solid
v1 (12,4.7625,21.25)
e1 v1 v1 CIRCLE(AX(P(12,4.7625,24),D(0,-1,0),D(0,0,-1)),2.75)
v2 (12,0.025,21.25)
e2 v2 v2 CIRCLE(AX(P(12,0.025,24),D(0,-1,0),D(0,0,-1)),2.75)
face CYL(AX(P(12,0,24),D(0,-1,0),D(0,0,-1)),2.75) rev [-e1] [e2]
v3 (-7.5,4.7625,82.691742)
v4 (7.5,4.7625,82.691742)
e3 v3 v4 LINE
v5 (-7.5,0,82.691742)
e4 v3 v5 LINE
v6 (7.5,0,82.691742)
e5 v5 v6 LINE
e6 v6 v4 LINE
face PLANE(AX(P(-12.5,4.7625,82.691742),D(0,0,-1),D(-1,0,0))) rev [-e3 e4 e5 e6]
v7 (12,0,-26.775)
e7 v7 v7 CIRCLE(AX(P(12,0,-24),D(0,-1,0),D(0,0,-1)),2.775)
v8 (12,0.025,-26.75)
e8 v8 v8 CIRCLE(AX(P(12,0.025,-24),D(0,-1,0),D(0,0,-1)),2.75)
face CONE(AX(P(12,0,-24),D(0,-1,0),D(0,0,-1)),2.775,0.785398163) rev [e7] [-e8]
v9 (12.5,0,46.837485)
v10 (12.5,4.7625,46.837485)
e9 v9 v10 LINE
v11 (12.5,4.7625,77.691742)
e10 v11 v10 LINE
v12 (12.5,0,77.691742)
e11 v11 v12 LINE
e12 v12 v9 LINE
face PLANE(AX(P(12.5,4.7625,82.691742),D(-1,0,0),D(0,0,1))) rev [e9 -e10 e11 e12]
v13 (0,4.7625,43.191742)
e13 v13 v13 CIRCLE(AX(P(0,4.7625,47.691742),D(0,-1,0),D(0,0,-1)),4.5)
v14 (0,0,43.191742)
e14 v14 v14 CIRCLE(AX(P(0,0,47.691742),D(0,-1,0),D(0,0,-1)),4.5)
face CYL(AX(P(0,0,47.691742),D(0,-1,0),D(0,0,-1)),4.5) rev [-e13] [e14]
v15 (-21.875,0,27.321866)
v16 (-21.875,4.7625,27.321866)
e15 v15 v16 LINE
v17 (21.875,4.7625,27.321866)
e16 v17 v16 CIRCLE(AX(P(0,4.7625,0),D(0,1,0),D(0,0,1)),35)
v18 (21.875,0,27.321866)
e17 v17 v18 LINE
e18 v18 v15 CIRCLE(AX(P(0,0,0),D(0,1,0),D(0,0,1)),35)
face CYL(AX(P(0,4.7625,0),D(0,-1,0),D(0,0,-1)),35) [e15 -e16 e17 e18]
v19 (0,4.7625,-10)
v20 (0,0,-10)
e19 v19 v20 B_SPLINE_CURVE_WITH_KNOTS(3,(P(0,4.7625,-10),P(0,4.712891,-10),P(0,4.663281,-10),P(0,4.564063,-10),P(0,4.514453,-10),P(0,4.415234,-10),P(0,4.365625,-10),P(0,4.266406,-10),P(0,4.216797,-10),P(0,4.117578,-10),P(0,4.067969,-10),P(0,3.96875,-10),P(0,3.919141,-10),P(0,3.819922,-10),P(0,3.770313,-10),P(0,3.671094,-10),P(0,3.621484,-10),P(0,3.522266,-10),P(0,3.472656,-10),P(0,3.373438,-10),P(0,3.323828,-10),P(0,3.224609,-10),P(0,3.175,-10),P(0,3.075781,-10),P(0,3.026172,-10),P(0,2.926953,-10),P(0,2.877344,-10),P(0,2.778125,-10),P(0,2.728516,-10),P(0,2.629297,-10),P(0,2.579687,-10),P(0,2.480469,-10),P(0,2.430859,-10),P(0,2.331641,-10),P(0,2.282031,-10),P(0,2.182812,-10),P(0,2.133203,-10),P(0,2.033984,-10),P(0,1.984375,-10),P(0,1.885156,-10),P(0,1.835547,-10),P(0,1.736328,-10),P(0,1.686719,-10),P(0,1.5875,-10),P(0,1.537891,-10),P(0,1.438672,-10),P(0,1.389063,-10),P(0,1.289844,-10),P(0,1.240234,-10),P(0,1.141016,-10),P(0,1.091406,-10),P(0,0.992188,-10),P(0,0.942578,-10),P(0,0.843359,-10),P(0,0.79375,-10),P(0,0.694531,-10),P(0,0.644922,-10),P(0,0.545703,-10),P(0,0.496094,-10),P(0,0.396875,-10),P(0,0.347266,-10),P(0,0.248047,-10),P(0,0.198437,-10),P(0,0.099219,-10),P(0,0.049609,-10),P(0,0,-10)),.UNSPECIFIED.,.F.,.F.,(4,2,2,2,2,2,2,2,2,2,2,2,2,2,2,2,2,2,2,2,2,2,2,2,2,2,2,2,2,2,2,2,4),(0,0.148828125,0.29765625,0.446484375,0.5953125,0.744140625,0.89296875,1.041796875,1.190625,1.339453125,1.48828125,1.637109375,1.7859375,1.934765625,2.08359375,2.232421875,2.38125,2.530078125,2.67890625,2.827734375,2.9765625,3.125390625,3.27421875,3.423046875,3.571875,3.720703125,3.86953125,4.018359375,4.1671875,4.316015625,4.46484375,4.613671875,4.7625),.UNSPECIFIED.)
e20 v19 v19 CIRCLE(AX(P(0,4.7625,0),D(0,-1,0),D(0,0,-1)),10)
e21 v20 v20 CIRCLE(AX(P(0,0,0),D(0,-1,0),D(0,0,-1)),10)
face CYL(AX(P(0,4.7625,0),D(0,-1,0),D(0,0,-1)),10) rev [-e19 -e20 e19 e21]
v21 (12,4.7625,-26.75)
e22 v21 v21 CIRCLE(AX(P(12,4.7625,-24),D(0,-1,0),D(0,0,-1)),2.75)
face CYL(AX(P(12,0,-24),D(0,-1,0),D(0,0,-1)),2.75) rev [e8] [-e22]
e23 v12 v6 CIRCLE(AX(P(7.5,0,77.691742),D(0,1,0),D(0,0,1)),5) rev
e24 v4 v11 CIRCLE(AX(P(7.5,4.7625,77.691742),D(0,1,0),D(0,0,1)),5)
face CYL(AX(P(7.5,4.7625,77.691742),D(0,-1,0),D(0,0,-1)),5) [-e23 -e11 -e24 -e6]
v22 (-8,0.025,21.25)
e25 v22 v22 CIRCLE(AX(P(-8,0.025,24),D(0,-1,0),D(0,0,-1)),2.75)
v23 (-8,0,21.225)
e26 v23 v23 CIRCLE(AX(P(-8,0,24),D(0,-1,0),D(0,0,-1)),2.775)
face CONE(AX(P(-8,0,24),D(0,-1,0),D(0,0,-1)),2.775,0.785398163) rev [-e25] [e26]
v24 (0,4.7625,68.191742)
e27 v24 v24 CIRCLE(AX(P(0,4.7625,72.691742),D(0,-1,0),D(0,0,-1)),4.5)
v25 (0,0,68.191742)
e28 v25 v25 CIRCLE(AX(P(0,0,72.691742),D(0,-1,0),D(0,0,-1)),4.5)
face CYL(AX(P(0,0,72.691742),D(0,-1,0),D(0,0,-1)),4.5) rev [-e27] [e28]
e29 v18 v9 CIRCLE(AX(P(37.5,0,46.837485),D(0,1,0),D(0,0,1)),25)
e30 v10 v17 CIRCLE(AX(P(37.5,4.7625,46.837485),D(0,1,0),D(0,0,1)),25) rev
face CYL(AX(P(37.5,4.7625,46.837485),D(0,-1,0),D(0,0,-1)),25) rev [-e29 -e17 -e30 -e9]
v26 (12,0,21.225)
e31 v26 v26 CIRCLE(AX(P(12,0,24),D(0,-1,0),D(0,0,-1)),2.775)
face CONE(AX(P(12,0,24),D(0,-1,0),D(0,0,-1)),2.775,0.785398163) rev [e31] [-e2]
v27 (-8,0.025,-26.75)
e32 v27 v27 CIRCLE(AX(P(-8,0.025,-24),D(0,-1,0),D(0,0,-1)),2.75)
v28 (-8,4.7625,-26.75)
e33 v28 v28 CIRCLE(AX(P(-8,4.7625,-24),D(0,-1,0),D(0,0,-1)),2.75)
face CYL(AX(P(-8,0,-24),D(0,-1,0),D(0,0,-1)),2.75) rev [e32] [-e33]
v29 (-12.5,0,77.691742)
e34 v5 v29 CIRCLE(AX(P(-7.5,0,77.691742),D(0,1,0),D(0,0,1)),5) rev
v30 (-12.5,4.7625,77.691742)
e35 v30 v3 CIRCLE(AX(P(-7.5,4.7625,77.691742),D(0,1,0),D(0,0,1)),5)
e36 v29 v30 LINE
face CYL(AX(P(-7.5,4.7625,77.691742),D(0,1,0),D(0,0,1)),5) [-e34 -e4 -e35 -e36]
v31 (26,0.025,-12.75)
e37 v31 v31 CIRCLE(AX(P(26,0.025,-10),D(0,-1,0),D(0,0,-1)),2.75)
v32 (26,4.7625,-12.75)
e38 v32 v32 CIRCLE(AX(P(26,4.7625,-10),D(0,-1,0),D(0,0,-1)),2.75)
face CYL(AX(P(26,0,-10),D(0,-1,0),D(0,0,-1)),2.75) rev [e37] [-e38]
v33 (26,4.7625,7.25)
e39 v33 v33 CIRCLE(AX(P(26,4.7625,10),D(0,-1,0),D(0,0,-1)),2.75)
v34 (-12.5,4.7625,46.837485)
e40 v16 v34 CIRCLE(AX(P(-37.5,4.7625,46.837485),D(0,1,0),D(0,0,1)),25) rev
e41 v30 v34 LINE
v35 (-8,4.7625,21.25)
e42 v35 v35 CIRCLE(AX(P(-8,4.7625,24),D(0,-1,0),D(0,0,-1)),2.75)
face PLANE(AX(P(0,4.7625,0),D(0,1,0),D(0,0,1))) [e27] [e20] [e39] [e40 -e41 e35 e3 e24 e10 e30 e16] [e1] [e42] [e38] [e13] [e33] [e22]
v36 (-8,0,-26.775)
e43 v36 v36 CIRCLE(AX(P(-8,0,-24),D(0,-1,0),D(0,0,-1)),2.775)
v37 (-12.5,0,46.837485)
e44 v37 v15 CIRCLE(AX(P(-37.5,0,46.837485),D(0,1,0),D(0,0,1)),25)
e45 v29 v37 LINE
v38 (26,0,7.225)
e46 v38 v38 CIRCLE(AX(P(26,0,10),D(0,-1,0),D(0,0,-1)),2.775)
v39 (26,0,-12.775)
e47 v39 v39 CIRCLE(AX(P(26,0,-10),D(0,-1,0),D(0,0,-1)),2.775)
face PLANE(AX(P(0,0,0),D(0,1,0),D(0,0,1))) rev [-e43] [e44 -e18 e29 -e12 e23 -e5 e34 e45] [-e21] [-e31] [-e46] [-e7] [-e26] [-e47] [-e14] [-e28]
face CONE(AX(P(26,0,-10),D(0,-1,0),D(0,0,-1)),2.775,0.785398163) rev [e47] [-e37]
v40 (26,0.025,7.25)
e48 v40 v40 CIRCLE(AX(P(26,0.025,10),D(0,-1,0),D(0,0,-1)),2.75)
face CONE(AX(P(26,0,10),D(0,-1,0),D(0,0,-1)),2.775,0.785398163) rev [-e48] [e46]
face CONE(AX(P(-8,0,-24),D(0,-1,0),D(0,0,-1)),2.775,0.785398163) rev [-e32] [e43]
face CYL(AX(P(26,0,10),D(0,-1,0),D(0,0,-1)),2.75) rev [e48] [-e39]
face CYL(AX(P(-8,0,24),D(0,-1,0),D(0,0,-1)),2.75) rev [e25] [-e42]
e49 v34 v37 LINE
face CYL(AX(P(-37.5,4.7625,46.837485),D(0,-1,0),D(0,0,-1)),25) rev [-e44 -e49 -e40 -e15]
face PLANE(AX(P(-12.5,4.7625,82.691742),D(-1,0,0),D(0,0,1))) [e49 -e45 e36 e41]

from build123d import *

# Parameters (mm, degrees)
BOSS_EXTRUDE1_DEPTH            = 4.7625
SKETCH5_R                      = 10
CUT_EXTRUDE1_DEPTH             = 90.919995629
M8_CLEARANCE_HOLE1_D           = 9
FILLET1_R                      = 25
M5_CLEARANCE_HOLE1_D           = 5.5
M5_CLEARANCE_HOLE1_CSINK_D     = 5.55
M5_CLEARANCE_HOLE1_CSINK_ANGLE = 90
FILLET2_R                      = 5


with BuildPart() as part:
    # Sketch1 → Boss-Extrude1 (new body)
    with BuildSketch(Plane(origin=(0, 0, 0), x_dir=(1, 0, 0), z_dir=(0, 1, 0))):
        with BuildLine():
            Line((-12.5, -82.691742077), (12.5, -82.691742077))
            Line((12.5, -82.691742077), (12.5, -32.691742077))
            ThreePointArc((12.5, -32.691742077), (0, 35), (-12.5, -32.691742077))
            Line((-12.5, -32.691742077), (-12.5, -82.691742077))
        make_face()
    extrude(amount=BOSS_EXTRUDE1_DEPTH)

    # Sketch5 → Cut-Extrude1 (cut, through all)
    with BuildSketch(Plane.XZ):
        with Locations(Location((0, 0, 0), (0, 0, 270))):
            Circle(SKETCH5_R)
    extrude(amount=-CUT_EXTRUDE1_DEPTH, mode=Mode.SUBTRACT)

    # M8 Clearance Hole1 (through all)
    with Locations(Plane(origin=(0, 0, 0), x_dir=(-1, 0, 0), z_dir=(0, -1, 0))):
        with Locations((0, -47.691742077), (0, -72.691742077)):
            Hole(M8_CLEARANCE_HOLE1_D / 2)

    # Fillet1
    fillet1_edges = [part.edges().sort_by_distance(p)[0] for p in [
        (-12.5, 2.38125, 32.691742077),
        (12.5, 2.38125, 32.691742077),
    ]]
    fillet(fillet1_edges, radius=FILLET1_R)

    # M5 Clearance Hole1 (through all)
    with Locations(Plane(origin=(0, 0, 0), x_dir=(-1, 0, 0), z_dir=(0, -1, 0))):
        with Locations((-12, 24), (8, 24), (-26, 10), (-26, -10), (-12, -24), (8, -24)):
            CounterSinkHole(M5_CLEARANCE_HOLE1_D / 2, M5_CLEARANCE_HOLE1_CSINK_D / 2, counter_sink_angle=M5_CLEARANCE_HOLE1_CSINK_ANGLE)

    # Fillet2
    fillet2_edges = [part.edges().sort_by_distance(p)[0] for p in [
        (12.5, 2.38125, 82.691742077),
        (-12.5, 2.38125, 82.691742077),
    ]]
    fillet(fillet2_edges, radius=FILLET2_R)


solid = part.part
